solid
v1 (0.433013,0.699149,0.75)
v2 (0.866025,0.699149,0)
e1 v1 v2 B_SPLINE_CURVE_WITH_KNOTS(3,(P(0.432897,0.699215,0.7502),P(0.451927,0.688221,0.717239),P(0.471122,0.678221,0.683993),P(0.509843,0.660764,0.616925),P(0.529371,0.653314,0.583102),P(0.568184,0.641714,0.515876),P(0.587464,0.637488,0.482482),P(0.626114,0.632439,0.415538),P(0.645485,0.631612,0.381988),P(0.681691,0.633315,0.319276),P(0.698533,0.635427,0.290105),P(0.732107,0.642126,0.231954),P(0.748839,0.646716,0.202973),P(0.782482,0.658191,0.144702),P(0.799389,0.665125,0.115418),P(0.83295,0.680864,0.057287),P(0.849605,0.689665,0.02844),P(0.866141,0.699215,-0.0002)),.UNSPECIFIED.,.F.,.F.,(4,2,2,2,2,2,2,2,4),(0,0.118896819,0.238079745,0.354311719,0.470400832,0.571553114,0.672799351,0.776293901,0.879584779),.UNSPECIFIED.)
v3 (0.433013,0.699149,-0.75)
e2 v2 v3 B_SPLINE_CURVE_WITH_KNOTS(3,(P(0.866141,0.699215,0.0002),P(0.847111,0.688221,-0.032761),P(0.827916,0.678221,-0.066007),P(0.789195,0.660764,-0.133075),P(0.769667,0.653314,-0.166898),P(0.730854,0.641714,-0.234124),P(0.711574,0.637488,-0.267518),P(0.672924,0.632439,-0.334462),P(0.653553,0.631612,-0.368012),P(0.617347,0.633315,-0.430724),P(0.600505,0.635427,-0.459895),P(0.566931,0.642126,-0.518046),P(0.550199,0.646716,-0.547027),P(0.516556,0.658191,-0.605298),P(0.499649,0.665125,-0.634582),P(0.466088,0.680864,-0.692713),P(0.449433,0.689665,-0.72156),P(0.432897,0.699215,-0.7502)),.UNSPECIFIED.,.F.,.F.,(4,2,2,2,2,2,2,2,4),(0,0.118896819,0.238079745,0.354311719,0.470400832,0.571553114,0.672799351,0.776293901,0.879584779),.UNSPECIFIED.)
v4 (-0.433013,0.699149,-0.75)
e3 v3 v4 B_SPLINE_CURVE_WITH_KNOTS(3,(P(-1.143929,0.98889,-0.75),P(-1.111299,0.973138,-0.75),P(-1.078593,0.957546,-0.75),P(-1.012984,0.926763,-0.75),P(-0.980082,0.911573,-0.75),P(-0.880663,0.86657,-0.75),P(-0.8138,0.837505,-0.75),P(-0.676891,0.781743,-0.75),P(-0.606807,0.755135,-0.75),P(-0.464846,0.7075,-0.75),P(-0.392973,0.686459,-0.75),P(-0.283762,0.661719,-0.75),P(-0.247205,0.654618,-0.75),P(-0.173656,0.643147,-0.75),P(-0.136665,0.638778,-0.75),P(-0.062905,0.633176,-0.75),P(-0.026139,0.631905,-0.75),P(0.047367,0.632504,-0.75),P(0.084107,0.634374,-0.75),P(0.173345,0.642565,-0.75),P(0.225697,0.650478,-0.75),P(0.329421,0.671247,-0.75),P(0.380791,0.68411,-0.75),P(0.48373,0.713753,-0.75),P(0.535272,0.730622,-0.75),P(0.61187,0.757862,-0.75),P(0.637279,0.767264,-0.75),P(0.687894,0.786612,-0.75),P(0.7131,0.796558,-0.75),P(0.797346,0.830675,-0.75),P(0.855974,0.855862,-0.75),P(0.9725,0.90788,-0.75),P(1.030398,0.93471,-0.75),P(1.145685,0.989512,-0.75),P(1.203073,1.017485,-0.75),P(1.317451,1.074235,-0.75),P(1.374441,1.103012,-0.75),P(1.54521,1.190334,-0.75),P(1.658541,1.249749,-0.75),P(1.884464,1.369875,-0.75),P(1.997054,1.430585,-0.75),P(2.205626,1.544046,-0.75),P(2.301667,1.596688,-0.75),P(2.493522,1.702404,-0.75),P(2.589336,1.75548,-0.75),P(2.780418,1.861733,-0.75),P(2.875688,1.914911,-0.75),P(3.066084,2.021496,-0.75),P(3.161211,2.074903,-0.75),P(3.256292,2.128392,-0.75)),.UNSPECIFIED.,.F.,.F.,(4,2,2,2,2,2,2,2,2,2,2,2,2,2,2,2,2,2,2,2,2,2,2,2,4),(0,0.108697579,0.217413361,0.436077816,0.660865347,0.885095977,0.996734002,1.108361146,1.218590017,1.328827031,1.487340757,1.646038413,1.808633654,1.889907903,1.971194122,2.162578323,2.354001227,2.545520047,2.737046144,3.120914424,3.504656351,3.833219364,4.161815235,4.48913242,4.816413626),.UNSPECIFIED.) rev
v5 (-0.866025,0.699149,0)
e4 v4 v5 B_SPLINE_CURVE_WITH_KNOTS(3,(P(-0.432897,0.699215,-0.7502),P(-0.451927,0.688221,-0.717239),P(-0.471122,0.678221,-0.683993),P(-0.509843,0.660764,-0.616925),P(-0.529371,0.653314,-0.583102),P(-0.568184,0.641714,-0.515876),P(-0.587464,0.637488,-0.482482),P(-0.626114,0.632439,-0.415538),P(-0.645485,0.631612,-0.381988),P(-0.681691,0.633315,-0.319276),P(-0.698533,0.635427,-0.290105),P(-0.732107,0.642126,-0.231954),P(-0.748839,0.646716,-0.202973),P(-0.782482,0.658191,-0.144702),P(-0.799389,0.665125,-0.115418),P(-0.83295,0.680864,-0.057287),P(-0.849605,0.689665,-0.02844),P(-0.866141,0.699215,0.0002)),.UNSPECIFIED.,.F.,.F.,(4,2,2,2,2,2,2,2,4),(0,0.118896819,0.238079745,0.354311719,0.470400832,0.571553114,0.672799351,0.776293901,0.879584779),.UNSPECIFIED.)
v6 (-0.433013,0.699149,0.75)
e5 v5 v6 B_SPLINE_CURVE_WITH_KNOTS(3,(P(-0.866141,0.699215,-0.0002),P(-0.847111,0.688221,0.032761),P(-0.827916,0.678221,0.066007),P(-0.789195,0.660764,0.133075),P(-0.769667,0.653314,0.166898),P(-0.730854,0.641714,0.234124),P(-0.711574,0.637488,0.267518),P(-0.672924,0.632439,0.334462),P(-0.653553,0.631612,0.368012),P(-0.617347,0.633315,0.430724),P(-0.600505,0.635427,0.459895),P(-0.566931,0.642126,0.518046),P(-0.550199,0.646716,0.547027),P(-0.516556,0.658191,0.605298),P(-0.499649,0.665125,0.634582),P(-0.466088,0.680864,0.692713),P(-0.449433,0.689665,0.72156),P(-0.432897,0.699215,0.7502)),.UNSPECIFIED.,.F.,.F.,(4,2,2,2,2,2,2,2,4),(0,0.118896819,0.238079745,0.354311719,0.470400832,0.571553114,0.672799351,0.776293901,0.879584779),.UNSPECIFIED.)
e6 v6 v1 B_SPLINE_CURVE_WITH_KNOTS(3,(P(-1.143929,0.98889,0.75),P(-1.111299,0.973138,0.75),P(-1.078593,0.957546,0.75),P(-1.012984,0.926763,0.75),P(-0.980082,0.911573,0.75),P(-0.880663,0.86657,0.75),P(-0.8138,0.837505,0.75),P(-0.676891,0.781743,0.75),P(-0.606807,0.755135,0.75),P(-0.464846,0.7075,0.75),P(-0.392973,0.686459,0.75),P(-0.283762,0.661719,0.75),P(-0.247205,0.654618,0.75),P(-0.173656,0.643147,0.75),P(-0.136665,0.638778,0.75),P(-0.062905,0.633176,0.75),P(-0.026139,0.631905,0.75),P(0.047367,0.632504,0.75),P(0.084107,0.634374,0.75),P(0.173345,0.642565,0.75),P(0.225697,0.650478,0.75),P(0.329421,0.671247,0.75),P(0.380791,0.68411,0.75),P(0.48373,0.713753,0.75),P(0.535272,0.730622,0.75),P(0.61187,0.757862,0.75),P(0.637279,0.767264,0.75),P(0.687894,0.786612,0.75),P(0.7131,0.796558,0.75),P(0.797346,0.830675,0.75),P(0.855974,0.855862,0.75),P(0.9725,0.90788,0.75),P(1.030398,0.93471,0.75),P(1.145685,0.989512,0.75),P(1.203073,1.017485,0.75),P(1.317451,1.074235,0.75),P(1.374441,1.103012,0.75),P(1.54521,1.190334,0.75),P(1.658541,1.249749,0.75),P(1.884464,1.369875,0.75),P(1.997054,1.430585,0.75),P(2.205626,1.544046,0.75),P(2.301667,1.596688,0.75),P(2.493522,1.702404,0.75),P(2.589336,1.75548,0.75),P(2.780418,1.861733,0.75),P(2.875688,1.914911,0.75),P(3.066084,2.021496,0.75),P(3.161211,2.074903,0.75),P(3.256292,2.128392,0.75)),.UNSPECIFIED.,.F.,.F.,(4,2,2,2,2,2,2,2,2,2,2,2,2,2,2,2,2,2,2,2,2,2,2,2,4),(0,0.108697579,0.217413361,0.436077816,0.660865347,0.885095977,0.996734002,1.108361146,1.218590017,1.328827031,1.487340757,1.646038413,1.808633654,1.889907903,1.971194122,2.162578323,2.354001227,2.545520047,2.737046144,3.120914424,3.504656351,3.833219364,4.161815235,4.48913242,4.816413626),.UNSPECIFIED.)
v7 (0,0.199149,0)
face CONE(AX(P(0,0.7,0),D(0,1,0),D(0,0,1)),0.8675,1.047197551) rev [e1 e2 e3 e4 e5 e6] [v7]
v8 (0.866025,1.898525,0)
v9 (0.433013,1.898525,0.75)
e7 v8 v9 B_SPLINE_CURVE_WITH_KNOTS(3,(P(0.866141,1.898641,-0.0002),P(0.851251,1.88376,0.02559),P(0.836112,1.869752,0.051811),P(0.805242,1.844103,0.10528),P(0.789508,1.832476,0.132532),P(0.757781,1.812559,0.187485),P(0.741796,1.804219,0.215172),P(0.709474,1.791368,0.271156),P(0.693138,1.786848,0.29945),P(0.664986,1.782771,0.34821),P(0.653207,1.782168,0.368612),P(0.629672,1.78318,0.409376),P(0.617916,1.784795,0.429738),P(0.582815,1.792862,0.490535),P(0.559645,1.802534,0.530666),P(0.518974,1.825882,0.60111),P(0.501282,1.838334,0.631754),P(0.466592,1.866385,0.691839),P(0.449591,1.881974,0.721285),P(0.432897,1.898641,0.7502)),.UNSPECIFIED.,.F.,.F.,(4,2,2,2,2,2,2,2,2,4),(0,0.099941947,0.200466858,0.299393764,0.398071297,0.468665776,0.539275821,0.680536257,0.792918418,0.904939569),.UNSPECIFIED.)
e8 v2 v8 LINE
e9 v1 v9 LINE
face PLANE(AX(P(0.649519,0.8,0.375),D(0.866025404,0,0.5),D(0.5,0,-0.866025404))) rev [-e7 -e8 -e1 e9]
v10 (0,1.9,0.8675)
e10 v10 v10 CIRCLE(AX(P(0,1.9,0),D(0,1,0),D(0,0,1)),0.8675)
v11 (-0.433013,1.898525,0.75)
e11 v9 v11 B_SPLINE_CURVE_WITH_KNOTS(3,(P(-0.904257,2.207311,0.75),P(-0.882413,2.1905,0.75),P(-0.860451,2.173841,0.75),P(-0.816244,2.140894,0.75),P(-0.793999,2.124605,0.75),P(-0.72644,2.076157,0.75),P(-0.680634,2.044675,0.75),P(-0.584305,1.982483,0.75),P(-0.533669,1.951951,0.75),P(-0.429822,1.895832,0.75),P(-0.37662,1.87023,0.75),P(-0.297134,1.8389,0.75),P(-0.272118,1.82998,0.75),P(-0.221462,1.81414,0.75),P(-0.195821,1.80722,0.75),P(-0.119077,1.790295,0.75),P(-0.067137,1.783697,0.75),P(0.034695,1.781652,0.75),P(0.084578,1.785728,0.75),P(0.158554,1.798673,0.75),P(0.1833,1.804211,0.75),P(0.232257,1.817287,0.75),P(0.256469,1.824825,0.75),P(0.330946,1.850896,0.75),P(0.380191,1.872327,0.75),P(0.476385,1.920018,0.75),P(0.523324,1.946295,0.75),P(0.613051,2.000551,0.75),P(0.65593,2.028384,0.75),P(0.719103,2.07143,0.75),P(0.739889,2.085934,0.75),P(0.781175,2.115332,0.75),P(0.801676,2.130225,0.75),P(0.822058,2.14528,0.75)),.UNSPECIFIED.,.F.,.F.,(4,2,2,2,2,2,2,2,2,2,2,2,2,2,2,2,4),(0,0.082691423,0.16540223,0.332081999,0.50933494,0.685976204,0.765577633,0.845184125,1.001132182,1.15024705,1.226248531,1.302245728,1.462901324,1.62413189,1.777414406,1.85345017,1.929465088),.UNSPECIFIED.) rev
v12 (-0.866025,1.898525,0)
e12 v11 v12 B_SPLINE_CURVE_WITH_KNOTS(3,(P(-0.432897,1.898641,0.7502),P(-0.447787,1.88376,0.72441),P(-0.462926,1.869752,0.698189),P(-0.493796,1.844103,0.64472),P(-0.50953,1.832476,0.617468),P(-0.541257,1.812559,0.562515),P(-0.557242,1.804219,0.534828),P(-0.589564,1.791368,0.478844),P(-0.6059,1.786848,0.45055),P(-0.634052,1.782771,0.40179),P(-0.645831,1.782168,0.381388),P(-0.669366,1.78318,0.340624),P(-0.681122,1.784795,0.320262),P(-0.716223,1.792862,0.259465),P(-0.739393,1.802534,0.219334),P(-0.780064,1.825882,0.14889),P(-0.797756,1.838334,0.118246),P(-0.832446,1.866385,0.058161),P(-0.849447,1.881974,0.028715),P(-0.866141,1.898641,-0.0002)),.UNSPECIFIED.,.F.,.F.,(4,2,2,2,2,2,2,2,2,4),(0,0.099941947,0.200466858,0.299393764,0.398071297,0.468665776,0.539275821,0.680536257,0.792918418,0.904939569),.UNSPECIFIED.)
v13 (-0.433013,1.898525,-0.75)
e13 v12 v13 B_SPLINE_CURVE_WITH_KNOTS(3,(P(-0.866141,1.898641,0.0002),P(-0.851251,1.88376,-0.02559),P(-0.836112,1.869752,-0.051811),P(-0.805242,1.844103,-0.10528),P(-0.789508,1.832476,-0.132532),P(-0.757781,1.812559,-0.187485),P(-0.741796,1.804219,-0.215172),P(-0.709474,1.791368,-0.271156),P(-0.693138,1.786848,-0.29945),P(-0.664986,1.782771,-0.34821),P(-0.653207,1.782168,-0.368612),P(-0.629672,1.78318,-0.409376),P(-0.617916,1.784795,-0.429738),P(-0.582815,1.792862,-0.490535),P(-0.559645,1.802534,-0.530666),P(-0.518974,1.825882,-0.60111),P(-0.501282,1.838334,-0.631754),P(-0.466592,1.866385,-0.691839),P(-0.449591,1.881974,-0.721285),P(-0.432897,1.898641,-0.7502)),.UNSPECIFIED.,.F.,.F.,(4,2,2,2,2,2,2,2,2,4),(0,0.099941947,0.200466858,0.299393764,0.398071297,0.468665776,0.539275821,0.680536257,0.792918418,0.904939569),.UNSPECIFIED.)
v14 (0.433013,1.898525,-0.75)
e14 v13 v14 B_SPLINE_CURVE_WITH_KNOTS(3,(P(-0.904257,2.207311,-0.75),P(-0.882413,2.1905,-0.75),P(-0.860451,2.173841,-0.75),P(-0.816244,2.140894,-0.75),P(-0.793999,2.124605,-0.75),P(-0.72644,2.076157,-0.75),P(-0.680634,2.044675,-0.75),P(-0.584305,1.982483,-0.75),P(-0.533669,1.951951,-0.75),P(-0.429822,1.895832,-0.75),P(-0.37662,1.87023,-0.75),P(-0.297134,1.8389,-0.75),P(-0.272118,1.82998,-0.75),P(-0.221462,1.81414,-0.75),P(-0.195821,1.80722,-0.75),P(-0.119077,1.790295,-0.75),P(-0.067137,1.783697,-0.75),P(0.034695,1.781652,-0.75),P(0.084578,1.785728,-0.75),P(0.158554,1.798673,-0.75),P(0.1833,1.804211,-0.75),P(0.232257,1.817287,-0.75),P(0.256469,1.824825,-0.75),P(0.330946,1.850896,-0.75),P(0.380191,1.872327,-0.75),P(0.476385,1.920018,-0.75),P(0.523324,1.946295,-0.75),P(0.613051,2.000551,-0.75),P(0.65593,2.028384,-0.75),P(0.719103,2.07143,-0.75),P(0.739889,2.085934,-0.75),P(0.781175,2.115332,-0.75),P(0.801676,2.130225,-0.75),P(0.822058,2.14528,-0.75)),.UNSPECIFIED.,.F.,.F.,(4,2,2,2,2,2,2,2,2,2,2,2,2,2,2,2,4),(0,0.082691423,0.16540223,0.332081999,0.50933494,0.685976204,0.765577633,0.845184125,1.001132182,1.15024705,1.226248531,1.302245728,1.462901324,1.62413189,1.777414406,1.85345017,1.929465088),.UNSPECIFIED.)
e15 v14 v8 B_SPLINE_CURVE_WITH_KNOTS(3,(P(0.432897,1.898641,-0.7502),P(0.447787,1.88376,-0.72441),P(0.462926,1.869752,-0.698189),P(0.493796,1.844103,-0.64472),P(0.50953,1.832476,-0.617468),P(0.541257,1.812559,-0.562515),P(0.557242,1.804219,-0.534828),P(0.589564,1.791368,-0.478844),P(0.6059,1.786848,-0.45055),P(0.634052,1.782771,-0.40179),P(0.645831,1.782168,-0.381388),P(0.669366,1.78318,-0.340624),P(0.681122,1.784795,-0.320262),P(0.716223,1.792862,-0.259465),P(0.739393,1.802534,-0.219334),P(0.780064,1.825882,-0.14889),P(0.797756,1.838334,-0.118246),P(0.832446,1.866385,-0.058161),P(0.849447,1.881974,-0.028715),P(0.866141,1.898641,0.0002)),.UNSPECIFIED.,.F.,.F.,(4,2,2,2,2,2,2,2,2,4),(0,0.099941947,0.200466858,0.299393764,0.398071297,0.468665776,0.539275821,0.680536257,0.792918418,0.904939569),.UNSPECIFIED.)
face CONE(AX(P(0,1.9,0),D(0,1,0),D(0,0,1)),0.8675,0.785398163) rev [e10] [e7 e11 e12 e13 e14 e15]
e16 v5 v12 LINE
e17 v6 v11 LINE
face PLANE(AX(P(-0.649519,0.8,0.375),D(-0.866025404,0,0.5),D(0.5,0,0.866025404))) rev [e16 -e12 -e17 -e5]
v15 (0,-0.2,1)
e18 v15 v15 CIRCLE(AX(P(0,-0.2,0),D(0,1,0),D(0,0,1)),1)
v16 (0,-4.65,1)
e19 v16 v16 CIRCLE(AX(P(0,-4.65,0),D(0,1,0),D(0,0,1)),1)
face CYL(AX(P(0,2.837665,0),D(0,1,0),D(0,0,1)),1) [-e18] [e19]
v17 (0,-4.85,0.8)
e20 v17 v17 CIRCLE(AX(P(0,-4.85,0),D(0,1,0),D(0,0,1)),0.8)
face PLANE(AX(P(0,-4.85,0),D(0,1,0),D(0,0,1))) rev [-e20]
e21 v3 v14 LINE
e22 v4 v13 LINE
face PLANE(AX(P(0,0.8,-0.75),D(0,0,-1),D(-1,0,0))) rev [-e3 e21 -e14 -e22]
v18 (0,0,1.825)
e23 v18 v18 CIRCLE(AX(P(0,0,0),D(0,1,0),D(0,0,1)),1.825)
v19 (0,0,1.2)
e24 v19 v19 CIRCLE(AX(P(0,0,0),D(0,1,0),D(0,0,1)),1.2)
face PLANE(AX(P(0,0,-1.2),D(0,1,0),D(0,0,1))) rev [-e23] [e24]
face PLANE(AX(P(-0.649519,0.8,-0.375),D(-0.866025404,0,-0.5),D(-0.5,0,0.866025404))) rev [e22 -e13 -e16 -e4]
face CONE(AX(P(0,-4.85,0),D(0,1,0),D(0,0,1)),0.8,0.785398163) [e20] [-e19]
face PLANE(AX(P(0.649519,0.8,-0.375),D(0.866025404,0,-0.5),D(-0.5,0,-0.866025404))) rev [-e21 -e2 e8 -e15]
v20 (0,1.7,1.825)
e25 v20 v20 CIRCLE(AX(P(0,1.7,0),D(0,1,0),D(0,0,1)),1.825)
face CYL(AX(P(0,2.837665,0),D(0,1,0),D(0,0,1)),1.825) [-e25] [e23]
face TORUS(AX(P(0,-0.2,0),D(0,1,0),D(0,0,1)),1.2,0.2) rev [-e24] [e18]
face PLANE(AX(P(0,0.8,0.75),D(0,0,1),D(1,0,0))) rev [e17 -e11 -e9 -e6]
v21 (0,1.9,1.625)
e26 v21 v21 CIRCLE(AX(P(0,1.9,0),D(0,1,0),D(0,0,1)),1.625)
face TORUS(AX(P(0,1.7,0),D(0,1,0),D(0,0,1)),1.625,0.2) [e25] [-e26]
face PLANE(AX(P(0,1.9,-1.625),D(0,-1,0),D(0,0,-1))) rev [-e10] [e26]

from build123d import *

# Parameters (mm, degrees)
CUT_EXTRUDE1_DEPTH  = 1.1
BOSS_EXTRUDE1_REACH = 9.727
BOSS_EXTRUDE1_START = -0.5
SKETCH2_3_R         = 1.309481769


with BuildPart() as part:
    # Sketch1 → Revolve1 (revolve)
    with BuildSketch(Plane(origin=(0, 0, 0), x_dir=(0, 0, -1), z_dir=(1, 0, 0))):
        with BuildLine():
            Line((0, -4.85), (0.8, -4.85))
            Line((0.8, -4.85), (1, -4.65))
            Line((1, -4.65), (1, -0.2))
            ThreePointArc((1, -0.2), (1.058578644, -0.058578644), (1.2, 0))
            Line((1.2, 0), (1.825, 0))
            Line((1.825, 0), (1.825, 1.7))
            ThreePointArc((1.825, 1.7), (1.766421356, 1.841421356), (1.625, 1.9))
            Line((1.625, 1.9), (0.8675, 1.9))
            Line((0.8675, 1.9), (0.75, 1.7825))
            Line((0.75, 1.7825), (0.75, 0.9))
            Line((0.75, 0.9), (0.8675, 0.9))
            Line((0.8675, 0.9), (0.8675, 0.7))
            Line((0.8675, 0.7), (0, 0.199148641))
            Line((0, 0.199148641), (0, -4.85))
        make_face()
    revolve(axis=Axis((0, 2.837665271, 0), (0, -1, 0)))

    # Sketch2 → Cut-Extrude1 (cut)
    with BuildSketch(Plane(origin=(0, 1.9, 0), x_dir=(1, 0, 0), z_dir=(0, 1, 0))):
        Polygon((-0.433012702, -0.75), (0.433012702, -0.75), (0.866025404, 0), (0.433012702, 0.75), (-0.433012702, 0.75), (-0.866025404, 0), align=None)
    extrude(amount=-CUT_EXTRUDE1_DEPTH, mode=Mode.SUBTRACT)

    # Boss-Extrude1: up to this cone (the profile starts inside it)
    boss_extrude1_end = Plane(origin=(0, 1.4, 0), z_dir=(0, 1, 0)).offset(-1.200850359) * Cone(1.732e-06, 23.39617325, 13.507785924, align=(Align.CENTER, Align.CENTER, Align.MIN), mode=Mode.PRIVATE)
    # Sketch2<3> → Boss-Extrude1 (add, up to the surface)
    with BuildSketch(Plane(origin=(0, 1.9, 0), x_dir=(1, 0, 0), z_dir=(0, 1, 0)).offset(BOSS_EXTRUDE1_START), mode=Mode.PRIVATE) as boss_extrude1_sk1:
        Circle(SKETCH2_3_R)
        Polygon((0.433012702, -0.75), (0.866025404, 0), (0.433012702, 0.75), (-0.433012702, 0.75), (-0.866025404, 0), (-0.433012702, -0.75), align=None, mode=Mode.SUBTRACT)
    boss_extrude1_tool1 = extrude(boss_extrude1_sk1.sketch, amount=-BOSS_EXTRUDE1_REACH, mode=Mode.PRIVATE) & boss_extrude1_end
    add(boss_extrude1_tool1.solids().sort_by_distance((-1.272444, 1.4, 0))[0])


solid = part.part
